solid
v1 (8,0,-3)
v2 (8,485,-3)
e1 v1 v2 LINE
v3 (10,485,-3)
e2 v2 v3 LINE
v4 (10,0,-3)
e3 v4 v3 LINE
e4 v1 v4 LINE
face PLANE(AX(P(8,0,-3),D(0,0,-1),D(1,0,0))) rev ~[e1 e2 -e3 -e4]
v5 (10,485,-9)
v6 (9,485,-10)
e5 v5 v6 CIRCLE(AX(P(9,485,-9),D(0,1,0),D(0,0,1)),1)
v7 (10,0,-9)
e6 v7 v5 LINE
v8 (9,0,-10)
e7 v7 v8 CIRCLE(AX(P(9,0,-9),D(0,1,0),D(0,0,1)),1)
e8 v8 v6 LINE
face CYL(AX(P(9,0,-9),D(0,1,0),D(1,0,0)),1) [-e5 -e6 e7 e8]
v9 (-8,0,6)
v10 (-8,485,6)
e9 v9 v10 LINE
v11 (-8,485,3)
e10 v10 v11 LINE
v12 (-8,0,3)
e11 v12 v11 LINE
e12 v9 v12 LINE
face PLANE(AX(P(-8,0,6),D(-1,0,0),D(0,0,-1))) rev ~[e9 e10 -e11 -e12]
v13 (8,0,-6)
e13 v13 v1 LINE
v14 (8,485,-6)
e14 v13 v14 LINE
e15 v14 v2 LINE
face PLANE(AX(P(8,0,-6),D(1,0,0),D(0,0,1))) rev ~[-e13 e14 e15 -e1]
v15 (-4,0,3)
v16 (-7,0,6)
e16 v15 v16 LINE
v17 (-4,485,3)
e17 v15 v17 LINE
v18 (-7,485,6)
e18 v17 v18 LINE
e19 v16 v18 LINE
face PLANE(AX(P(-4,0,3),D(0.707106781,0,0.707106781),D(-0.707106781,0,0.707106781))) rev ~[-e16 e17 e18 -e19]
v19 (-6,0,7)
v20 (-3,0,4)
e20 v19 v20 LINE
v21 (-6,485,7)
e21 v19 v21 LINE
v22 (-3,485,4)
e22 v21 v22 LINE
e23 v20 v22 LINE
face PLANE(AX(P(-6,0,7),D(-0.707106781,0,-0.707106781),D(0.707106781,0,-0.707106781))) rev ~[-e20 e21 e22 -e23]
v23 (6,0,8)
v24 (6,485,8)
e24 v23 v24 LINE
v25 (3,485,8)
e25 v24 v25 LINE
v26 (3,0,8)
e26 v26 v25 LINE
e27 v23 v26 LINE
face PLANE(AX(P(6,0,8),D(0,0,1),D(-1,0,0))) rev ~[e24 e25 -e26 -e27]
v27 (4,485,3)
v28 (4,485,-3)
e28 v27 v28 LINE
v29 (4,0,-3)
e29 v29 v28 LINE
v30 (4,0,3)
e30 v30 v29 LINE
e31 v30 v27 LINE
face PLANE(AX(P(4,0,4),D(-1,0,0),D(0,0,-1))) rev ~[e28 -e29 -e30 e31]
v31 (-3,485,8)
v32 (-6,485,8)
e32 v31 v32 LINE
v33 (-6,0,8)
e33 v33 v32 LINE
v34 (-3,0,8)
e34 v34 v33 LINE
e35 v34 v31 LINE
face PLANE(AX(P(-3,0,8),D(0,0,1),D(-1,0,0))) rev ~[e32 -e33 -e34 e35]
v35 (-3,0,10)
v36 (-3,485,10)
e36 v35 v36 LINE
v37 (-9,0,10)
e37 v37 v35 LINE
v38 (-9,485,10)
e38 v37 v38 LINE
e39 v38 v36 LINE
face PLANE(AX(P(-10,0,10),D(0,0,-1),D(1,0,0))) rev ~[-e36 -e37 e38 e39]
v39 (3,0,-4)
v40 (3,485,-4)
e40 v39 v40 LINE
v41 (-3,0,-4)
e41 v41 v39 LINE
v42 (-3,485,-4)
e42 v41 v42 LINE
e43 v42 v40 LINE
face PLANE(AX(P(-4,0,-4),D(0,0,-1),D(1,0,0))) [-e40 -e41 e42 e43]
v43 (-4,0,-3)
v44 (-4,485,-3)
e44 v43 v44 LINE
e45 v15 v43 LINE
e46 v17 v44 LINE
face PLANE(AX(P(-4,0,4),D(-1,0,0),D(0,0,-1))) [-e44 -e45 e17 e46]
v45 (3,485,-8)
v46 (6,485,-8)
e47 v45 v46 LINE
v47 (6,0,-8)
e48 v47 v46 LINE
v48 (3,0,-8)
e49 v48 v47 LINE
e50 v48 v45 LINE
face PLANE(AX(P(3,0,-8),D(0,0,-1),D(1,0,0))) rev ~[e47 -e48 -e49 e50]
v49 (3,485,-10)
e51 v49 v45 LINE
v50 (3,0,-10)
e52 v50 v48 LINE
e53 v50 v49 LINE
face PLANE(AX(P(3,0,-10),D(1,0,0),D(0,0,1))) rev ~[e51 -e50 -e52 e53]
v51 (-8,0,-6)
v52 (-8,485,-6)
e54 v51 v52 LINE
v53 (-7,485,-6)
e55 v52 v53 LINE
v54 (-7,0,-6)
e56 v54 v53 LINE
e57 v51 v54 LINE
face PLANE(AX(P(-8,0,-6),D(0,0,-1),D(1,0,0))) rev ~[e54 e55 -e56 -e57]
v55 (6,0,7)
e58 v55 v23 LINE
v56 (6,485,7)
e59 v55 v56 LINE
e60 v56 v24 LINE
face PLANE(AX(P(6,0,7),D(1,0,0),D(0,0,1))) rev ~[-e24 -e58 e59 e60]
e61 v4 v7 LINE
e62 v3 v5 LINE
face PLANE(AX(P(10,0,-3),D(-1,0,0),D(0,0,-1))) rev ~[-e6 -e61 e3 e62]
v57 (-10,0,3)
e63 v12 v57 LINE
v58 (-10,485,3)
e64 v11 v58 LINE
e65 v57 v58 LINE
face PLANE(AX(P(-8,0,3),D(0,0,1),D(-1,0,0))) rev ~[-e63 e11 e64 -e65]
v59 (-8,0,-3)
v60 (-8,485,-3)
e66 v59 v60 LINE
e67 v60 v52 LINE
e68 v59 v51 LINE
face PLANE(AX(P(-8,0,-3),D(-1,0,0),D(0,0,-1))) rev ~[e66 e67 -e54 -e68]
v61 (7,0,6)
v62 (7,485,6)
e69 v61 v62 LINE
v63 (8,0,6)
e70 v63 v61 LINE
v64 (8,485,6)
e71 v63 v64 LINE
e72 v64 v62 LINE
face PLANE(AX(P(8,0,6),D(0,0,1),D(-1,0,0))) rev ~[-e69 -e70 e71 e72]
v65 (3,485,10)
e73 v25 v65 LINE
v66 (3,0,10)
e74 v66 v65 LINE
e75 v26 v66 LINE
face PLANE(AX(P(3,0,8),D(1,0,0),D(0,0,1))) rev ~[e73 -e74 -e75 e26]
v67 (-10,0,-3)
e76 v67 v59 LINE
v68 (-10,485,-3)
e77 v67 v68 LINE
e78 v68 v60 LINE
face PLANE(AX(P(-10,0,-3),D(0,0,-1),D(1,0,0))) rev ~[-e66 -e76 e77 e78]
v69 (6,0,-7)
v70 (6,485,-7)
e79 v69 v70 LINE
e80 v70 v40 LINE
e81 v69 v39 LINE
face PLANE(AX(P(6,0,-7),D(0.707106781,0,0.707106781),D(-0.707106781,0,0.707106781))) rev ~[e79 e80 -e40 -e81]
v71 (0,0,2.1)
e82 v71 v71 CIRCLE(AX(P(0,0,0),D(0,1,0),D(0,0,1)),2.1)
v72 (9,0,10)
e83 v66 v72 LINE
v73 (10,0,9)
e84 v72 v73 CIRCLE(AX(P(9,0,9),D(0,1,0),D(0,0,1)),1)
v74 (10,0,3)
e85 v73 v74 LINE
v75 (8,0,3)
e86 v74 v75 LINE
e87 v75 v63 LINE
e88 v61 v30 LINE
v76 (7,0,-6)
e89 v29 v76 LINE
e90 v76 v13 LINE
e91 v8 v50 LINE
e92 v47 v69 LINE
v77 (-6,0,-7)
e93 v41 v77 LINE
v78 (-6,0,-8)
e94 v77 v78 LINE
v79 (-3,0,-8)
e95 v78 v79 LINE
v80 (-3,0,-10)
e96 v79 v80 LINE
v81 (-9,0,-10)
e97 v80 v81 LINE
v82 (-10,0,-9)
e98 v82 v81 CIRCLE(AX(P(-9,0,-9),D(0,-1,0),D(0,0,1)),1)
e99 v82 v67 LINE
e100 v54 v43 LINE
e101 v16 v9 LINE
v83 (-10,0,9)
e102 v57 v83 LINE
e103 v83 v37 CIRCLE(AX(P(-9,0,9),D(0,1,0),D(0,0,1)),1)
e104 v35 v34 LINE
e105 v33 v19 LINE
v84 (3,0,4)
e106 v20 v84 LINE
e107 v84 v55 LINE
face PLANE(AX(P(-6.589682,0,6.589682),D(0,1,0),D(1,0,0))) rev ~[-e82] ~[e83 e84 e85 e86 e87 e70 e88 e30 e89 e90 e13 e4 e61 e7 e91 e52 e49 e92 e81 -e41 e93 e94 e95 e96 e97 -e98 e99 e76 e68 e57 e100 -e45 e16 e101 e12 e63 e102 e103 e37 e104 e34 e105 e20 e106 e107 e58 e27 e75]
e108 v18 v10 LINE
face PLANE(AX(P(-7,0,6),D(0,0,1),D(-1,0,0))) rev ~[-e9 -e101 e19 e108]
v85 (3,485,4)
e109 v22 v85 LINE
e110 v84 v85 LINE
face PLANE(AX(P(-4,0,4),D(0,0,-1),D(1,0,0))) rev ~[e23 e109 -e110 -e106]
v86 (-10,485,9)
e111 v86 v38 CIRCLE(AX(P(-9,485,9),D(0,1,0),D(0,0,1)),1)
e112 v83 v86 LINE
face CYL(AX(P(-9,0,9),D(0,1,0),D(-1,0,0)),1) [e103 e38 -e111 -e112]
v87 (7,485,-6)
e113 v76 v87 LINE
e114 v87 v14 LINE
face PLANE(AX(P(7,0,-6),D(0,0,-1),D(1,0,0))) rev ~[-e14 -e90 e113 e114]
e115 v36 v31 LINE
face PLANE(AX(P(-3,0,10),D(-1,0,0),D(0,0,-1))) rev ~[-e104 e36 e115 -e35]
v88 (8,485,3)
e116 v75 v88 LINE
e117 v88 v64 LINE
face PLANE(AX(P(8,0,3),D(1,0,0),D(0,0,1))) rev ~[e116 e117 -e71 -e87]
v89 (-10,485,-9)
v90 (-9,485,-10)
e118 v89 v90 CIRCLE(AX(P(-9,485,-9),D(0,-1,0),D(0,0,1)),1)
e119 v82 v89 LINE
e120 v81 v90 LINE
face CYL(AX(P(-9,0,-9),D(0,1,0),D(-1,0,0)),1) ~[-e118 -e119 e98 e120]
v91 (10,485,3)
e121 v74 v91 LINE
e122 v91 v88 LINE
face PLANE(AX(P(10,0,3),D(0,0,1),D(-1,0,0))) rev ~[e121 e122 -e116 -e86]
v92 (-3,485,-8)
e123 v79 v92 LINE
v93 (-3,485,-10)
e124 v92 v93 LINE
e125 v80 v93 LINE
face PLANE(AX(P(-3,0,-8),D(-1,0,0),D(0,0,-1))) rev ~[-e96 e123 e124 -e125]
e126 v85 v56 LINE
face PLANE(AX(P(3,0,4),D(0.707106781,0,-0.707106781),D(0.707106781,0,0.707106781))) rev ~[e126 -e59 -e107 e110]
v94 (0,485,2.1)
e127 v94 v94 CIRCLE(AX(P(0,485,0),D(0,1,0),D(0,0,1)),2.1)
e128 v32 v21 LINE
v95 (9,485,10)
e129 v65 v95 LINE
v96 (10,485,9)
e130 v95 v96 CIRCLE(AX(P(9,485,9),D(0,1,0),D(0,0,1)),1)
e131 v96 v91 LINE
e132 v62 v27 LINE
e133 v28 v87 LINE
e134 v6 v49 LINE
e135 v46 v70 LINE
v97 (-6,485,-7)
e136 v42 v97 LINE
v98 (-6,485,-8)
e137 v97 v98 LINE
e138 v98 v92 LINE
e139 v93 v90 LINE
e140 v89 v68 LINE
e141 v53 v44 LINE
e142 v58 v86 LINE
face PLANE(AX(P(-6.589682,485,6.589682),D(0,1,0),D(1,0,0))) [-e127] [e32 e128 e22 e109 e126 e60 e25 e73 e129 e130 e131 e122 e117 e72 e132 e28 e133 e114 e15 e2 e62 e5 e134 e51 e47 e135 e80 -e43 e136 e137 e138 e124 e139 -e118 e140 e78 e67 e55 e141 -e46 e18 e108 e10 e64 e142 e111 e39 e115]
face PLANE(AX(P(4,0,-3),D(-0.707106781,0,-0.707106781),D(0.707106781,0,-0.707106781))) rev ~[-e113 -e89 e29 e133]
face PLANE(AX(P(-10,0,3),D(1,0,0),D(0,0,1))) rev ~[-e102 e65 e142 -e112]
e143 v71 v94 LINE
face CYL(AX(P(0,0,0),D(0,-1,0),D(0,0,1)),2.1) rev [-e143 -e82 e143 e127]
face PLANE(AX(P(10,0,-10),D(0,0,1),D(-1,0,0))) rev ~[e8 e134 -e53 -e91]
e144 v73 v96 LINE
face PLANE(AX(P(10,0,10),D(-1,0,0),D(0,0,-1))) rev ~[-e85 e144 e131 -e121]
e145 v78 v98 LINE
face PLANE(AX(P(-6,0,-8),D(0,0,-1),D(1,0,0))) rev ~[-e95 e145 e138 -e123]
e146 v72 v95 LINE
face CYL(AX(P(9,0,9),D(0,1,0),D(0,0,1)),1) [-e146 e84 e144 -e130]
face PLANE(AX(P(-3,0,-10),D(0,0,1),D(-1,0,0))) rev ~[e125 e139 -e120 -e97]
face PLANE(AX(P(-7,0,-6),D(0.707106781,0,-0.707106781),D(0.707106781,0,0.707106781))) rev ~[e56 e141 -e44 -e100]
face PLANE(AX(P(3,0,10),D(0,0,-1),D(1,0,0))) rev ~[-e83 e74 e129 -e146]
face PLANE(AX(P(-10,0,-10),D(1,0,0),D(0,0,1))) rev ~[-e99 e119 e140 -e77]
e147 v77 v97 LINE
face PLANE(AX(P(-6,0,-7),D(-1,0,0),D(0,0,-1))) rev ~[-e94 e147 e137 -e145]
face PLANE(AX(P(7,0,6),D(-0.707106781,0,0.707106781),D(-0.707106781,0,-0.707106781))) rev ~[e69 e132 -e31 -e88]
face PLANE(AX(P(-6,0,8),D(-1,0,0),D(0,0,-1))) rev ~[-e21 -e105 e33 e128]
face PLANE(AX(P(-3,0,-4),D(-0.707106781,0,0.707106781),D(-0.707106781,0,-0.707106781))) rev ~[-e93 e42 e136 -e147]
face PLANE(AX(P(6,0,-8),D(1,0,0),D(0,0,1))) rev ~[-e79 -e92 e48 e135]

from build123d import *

# Parameters (mm, degrees)
SKETCH1_W           = 8
SKETCH1_H           = 8
SKETCH1_R           = 2.1
BOSS_EXTRUDE1_DEPTH = 485
FILLET1_R           = 1


with BuildPart() as part:
    # Sketch1 → Boss-Extrude1 (new body)
    # profile 1 of 6: a face of its own
    with BuildSketch(Plane(origin=(0, 0, 0), x_dir=(1, 0, 0), z_dir=(0, 1, 0))):
        Polygon((-4, 4), (-10, 10), (-10, 3), (-8, 3), (-8, 6), (-7, 6), (-4, 3), align=None)
    # profile 2 of 6: a face of its own
    with BuildSketch(Plane(origin=(0, 0, 0), x_dir=(1, 0, 0), z_dir=(0, 1, 0))):
        Polygon((-3, 8), (-3, 10), (-10, 10), (-4, 4), (-3, 4), (-6, 7), (-6, 8), align=None)
    # profile 3 of 6: a face of its own
    with BuildSketch(Plane(origin=(0, 0, 0), x_dir=(1, 0, 0), z_dir=(0, 1, 0))):
        Polygon((6, 7), (3, 4), (4, 4), (4, 3), (7, 6), (8, 6), (8, 3), (10, 3), (10, 10), (3, 10), (3, 8), (6, 8), align=None)
    # profile 4 of 6: a face of its own
    with BuildSketch(Plane(origin=(0, 0, 0), x_dir=(1, 0, 0), z_dir=(0, 1, 0))):
        Rectangle(SKETCH1_W, SKETCH1_H)
        with Locations(Location((0, 0, 0), (0, 0, 270))):
            Circle(SKETCH1_R, mode=Mode.SUBTRACT)
    # profile 5 of 6: a face of its own
    with BuildSketch(Plane(origin=(0, 0, 0), x_dir=(1, 0, 0), z_dir=(0, 1, 0))):
        Polygon((4, -4), (3, -4), (6, -7), (6, -8), (3, -8), (3, -10), (10, -10), (10, -3), (8, -3), (8, -6), (7, -6), (4, -3), align=None)
    # profile 6 of 6: a face of its own
    with BuildSketch(Plane(origin=(0, 0, 0), x_dir=(1, 0, 0), z_dir=(0, 1, 0))):
        Polygon((-4, -4), (-4, -3), (-7, -6), (-8, -6), (-8, -3), (-10, -3), (-10, -10), (-3, -10), (-3, -8), (-6, -8), (-6, -7), (-3, -4), align=None)
    extrude(amount=BOSS_EXTRUDE1_DEPTH)

    # Fillet1
    fillet1_edges = [part.edges().sort_by_distance(p)[0] for p in [
        (-10, 242.5, 10),
        (-10, 242.5, -10),
        (10, 242.5, -10),
        (10, 242.5, 10),
    ]]
    fillet(fillet1_edges, radius=FILLET1_R)


solid = part.part
